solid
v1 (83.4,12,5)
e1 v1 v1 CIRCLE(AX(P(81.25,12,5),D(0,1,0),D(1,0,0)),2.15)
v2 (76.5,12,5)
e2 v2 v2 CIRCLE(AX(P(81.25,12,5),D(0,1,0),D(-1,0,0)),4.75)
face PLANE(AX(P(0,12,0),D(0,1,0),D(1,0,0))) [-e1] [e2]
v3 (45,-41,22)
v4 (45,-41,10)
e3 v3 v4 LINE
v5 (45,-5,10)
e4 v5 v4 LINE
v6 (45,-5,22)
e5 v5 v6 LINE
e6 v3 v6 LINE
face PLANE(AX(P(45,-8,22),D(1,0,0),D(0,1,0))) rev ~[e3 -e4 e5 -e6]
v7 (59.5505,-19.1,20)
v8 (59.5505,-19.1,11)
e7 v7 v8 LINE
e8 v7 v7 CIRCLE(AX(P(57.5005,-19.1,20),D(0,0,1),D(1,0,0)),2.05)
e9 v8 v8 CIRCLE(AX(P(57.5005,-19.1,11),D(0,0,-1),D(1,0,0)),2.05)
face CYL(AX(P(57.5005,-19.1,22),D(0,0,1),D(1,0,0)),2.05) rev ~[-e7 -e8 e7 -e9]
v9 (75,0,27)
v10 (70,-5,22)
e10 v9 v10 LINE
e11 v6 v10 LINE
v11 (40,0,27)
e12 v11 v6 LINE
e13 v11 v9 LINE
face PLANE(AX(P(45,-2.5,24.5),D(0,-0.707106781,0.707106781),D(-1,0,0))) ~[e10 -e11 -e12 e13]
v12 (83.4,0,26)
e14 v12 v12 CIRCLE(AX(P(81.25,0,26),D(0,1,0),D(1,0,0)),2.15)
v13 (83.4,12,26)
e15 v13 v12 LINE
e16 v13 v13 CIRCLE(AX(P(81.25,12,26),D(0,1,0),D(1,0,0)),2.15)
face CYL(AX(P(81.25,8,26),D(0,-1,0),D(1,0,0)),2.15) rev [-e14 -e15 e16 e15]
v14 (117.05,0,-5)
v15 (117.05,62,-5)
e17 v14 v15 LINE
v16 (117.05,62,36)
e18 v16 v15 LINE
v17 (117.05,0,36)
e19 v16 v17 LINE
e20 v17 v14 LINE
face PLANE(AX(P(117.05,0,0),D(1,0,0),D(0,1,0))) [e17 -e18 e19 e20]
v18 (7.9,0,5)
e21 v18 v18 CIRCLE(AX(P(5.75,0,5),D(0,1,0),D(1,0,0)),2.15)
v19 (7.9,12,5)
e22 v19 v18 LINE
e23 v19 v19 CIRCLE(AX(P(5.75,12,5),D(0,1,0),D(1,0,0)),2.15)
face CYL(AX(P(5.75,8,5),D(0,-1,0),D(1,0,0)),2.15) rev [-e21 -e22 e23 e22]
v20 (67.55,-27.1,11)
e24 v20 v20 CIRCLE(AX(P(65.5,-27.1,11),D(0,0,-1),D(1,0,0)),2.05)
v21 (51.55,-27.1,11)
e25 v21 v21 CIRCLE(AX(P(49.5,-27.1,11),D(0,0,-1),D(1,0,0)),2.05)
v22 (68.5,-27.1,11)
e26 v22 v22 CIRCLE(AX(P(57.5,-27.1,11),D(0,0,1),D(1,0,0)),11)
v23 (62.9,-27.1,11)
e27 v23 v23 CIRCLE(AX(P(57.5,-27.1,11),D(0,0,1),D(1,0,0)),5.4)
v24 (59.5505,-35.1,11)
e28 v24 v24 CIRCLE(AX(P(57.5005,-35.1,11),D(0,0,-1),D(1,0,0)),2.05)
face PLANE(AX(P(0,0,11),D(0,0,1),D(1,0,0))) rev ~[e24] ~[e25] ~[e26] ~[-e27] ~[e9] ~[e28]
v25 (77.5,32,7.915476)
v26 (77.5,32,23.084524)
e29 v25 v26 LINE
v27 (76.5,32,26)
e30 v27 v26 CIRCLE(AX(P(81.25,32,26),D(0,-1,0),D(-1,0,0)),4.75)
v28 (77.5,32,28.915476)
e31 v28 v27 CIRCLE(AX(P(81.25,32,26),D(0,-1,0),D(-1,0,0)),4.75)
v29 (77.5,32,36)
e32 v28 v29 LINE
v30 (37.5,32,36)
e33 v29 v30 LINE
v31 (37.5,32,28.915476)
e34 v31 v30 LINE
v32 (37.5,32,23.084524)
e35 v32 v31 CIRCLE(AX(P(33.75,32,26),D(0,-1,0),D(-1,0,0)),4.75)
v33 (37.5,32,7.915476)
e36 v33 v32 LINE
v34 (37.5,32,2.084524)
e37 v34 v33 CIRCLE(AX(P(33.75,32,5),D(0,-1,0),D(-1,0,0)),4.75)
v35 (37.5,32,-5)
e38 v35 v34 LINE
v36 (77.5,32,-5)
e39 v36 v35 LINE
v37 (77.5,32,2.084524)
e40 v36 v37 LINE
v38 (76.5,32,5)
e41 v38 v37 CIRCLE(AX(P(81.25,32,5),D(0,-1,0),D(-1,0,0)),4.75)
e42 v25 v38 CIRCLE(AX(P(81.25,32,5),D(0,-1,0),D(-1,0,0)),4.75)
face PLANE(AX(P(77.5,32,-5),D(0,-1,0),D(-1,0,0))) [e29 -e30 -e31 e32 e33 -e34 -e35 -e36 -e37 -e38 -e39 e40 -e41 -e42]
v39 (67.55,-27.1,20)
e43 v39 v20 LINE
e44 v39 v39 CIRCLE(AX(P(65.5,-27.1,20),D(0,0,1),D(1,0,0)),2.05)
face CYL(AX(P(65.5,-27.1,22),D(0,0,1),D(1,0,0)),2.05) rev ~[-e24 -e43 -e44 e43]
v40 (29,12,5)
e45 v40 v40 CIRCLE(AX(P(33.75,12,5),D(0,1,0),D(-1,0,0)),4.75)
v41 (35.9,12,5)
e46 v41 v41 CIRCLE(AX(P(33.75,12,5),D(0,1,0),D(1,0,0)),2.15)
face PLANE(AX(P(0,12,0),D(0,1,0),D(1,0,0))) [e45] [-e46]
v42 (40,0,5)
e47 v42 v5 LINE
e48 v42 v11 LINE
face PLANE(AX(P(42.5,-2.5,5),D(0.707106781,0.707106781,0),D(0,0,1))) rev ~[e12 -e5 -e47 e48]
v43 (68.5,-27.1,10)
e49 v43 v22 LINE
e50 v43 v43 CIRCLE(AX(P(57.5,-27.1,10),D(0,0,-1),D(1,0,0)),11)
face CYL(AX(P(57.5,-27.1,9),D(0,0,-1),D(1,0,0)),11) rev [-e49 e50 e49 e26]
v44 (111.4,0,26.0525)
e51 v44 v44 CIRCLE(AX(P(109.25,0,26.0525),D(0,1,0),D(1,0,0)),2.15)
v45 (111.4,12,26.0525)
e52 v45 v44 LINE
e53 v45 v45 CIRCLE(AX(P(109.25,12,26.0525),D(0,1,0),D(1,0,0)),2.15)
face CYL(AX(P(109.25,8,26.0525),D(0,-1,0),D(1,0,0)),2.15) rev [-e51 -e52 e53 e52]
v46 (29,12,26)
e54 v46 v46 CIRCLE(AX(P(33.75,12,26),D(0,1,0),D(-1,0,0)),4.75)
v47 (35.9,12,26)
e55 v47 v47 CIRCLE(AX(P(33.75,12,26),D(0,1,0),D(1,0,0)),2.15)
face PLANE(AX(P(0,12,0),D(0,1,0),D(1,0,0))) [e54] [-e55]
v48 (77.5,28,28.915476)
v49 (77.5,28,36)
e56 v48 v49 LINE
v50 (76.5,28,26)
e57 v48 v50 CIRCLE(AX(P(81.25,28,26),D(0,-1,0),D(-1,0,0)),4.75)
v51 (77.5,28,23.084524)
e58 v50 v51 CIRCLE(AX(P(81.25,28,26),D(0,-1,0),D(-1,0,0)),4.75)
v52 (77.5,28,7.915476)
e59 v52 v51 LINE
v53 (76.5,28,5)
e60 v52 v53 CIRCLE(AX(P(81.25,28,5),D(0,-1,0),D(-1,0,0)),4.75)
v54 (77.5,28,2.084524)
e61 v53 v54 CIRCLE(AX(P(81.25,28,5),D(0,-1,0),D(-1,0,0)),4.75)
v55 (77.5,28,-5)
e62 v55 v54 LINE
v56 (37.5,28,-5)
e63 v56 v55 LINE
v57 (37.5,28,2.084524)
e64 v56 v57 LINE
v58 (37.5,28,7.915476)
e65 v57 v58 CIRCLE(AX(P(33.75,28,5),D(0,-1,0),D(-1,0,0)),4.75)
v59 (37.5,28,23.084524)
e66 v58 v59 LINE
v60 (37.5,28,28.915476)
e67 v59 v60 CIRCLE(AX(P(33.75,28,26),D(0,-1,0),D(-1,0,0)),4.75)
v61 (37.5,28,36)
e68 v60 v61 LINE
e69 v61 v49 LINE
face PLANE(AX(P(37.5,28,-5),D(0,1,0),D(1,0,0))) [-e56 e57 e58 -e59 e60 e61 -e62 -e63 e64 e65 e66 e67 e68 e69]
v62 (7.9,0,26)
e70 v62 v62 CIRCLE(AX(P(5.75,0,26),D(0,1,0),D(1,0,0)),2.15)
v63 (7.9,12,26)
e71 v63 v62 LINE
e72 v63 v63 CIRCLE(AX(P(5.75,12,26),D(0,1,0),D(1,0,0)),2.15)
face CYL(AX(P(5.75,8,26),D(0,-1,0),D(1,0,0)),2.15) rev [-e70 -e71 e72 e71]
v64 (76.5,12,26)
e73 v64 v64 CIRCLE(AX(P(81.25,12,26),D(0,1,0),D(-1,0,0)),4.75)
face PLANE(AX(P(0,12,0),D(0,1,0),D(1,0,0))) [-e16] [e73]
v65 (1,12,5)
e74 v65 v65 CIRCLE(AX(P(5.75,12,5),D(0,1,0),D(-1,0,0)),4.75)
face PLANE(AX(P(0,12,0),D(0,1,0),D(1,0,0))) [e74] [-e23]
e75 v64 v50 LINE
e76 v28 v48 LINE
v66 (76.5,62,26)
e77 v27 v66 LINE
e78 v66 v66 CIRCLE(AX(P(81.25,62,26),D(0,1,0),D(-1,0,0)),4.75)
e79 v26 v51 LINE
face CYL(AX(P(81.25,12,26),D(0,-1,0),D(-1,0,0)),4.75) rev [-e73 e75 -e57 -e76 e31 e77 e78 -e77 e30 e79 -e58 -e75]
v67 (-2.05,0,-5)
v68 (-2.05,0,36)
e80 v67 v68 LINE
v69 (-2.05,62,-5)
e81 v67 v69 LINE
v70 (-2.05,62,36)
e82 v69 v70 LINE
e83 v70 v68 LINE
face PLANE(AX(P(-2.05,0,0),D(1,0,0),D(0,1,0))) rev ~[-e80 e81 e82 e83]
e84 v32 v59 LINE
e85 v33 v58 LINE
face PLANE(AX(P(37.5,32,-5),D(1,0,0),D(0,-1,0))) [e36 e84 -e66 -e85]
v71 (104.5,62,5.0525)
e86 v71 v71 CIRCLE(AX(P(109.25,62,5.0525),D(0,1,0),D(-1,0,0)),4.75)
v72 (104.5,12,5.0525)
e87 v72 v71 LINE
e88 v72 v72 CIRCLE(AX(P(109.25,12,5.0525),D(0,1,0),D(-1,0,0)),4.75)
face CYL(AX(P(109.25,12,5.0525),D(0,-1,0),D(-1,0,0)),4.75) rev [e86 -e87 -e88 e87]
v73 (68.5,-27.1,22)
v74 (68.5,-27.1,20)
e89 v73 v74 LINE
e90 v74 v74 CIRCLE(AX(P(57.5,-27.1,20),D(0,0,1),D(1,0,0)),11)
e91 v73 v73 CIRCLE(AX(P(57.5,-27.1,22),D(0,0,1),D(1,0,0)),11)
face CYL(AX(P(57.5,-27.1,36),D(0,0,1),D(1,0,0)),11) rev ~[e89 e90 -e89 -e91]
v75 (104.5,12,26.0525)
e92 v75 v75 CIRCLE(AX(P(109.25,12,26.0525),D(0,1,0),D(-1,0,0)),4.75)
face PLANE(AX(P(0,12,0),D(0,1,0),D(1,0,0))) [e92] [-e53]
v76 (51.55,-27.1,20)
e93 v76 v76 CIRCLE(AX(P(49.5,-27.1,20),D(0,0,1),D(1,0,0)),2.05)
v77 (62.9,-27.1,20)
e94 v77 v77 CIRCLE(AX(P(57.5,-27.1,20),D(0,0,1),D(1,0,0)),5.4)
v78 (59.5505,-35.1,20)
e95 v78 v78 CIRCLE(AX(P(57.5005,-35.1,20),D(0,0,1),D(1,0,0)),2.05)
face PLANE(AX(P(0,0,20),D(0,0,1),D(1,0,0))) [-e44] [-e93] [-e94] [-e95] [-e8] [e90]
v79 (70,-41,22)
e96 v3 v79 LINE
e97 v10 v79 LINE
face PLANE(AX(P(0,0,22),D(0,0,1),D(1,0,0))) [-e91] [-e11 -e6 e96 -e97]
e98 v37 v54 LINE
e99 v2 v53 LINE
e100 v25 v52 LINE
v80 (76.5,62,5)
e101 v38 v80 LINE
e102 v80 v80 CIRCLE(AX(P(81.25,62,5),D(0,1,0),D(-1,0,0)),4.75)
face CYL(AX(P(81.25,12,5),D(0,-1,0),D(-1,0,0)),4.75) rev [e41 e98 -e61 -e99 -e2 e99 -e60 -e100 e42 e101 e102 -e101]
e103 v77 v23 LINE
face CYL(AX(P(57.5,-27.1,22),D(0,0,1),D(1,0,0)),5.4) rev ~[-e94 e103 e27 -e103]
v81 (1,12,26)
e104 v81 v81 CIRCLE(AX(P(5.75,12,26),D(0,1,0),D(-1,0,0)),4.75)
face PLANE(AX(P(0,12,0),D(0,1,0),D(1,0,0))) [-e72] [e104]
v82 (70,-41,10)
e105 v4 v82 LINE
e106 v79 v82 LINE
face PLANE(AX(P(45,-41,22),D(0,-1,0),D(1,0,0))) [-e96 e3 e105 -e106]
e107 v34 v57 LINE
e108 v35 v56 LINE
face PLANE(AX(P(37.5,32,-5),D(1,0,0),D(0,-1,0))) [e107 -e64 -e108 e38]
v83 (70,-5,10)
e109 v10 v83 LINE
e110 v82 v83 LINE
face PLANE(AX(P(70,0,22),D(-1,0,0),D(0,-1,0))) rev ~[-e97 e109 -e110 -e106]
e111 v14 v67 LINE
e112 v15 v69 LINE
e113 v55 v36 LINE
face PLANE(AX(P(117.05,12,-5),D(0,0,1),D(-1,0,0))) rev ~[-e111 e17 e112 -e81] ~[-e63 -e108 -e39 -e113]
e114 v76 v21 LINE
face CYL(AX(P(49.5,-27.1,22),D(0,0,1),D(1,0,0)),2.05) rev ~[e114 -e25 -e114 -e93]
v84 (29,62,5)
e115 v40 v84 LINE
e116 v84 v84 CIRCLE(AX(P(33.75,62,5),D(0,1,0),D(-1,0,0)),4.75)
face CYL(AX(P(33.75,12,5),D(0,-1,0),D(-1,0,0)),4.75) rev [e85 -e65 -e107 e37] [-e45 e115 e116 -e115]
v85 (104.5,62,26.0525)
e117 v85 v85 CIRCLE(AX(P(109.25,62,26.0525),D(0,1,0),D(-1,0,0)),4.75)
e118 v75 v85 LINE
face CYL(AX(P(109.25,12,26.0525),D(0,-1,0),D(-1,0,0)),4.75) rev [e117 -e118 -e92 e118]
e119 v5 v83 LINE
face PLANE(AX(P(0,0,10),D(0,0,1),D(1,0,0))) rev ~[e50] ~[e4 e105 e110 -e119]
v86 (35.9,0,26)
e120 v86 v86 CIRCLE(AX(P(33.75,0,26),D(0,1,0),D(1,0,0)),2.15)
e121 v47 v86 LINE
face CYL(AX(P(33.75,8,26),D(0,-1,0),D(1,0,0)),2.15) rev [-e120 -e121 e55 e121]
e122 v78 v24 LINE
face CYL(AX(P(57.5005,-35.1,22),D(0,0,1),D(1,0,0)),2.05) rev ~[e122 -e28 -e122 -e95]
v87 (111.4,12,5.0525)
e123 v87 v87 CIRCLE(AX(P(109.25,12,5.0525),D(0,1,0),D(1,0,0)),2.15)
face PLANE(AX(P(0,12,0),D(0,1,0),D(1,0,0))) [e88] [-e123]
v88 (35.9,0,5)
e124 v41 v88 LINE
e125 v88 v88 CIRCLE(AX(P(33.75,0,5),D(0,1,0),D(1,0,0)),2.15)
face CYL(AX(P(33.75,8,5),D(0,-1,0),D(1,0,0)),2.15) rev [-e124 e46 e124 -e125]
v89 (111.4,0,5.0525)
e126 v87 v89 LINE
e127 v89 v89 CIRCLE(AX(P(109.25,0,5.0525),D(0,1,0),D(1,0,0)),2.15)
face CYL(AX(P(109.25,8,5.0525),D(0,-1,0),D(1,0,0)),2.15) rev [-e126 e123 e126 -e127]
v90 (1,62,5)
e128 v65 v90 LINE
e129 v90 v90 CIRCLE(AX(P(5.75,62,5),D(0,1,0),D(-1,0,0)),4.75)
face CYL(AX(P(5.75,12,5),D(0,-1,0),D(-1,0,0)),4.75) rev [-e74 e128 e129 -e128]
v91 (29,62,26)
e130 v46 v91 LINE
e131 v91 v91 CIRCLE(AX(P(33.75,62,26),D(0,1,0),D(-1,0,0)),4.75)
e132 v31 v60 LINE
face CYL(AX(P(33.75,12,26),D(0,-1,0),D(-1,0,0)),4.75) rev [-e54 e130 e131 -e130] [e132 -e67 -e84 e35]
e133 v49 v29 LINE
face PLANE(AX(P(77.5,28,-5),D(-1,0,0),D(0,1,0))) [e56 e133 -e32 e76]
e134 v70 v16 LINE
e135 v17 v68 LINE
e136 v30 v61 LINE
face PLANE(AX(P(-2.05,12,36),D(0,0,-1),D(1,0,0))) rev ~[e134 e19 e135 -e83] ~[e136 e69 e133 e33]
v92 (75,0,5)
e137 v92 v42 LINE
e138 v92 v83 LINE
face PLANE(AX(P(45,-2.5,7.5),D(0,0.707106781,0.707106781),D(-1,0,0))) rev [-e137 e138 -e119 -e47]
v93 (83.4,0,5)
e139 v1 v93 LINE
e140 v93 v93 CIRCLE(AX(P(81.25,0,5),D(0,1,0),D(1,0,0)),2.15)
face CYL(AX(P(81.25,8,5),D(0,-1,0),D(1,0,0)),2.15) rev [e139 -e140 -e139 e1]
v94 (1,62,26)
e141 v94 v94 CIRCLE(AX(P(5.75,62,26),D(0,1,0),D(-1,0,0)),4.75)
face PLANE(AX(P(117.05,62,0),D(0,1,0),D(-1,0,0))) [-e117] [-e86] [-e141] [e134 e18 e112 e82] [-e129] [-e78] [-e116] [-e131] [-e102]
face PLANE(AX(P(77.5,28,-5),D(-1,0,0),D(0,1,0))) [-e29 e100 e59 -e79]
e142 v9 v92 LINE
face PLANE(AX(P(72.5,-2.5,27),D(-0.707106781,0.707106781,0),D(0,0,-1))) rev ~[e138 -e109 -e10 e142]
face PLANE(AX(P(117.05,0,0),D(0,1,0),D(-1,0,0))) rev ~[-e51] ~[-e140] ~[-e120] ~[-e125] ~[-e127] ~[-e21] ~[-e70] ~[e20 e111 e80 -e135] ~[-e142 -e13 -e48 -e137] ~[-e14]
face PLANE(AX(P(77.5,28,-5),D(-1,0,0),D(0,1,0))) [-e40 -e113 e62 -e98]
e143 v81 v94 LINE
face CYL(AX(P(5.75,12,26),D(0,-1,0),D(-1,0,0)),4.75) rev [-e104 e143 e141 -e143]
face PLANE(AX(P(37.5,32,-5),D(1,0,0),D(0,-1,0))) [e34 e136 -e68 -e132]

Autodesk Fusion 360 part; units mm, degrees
sketch "Sketch1" plane through (0, 0, 0) normal (0, 1, 0) x (1, 0, 0)
  line L0 (0, 0) -> (115, 0)
  line L1 (115, -36) -> (0, -36)
  circle A0 centre (5.75, -26) radius 2.15
  circle A1 centre (5.75, -5) radius 2.15
  circle A2 centre (33.75, -5) radius 2.15
  circle A3 centre (33.75, -26) radius 2.15
  circle A4 centre (81.25, -5) radius 2.15
  circle A5 centre (81.25, -26) radius 2.15
  circle A6 centre (109.25, -5.0525) radius 2.15
  circle A7 centre (109.25, -26.0525) radius 2.15
  line L2 (73.45, -36) -> (73.45, 0) construction
  line L3 (41.55, -36) -> (41.55, 0) construction
  line L4 (5.75, -26) -> (39, -26) construction
  line L5 (0, 0) -> (-2.05, 0)
  line L6 (-2.05, 0) -> (-2.05, -36)
  line L7 (-2.05, -36) -> (0, -36)
  line L8 (115, 0) -> (117.05, 0)
  line L9 (117.05, 0) -> (117.05, -36)
  line L10 (117.05, -36) -> (115, -36)
  dimension "d1" = 115
  dimension "d2" = 36
  dimension "d3" = 4.3
  dimension "d4" = 4.3
  dimension "d7" = 21
  dimension "d8" = 5
  dimension "d13" = 4.3
  dimension "d14" = 4.3
  dimension "d15" = 21
  dimension "d16" = 4.3
  dimension "d17" = 4.3
  dimension "d18" = 21
  dimension "d19" = 4.3
  dimension "d20" = 4.3
  dimension "d21" = 21
  dimension "d40" = 28
  dimension "d41" = 28
  dimension "d44" = 28
  dimension "d45" = 28
  dimension "d46" = 5
  dimension "d47" = 7.8
  dimension "d48" = 7.8
  dimension "d50" = 7.8
  dimension "d51" = 7.8
extrude "Extrude1" add sketch "Sketch1" along normal blind 8
sketch "Sketch2" plane through (0, 0, 36) normal (0, 0, 1) x (1, 0, 0)
  line L0 (-2.05, 0) -> (117.05, 0)
  line L1 (117.05, 8) -> (-2.05, 8)
  line L2 (45, 8) -> (70, 8)
  line L3 (70, 8) -> (70, -8)
  line L4 (70, -8) -> (45, -8)
  line L5 (45, -8) -> (45, 8)
  line L6 (45, 8) -> (70, -8) construction
  line L7 (70, 8) -> (45, -8) construction
  circle A0 centre (57.5, -27.1) radius 11
  circle A1 centre (57.5, -27.1) radius 5.4
  circle A2 centre (57.5, -27.1) radius 8
  line L8 (65.5, -27.1) -> (49.5, -27.1) construction
  line L9 (57.5005, -35.1) -> (57.5005, -19.1) construction
  circle A3 centre (65.5, -27.1) radius 2.05
  circle A4 centre (57.5005, -35.1) radius 2.05
  circle A5 centre (49.5, -27.1) radius 2.05
  circle A6 centre (57.5005, -19.1) radius 2.05
  line L10 (70, -8) -> (45, -8)
  line L11 (45, -8) -> (45, -41)
  line L12 (45, -41) -> (70, -41)
  line L13 (70, -41) -> (70, -8)
  line L14 (115, 0) -> (0, 0)
  line L15 (117.05, 0) -> (117.05, 8)
  line L16 (-2.05, 8) -> (-2.05, 0)
  point P0 (57.5, 0)
  dimension "d26" = 25
  dimension "d27" = 16
  dimension "d28" = 22
  dimension "d29" = 10.8
  dimension "d30" = 16
  dimension "d31" = 4.1
  dimension "d32" = 4.1
  dimension "d33" = 4.1
  dimension "d34" = 4.1
  dimension "d35" = 33
  dimension "d39" = 27.1
extrude "Extrude2" add sketch "Sketch2" against normal blind 12 from surface at -14 contours L0 L3 L4 L5 L10 L14 | L4 L10 L11 L12 L13 | A0 | A2 A3 A4 A5 A6
chamfer "Chamfer2" distance 5 angle 45 2 edges at (57.5, 0, 22) (57.5, 0, 10)
extrude "Extrude3" cut sketch "Sketch2" against normal blind 16 contours A0 | A2 A3 A4 A5 A6
extrude "Extrude4" cut sketch "Sketch2" along normal blind 2 from surface at -27 contours A0 | A2 A3 A4 A5 A6
extrude "Extrude5" add 1 faces at (64.771, 8, 18.689) along direction (0, 1, 0) blind 4
sketch "Sketch3" plane through (0, 12, 0) normal (0, 1, 0) x (-1, 0, 0)
  circle A0 centre (-109.25, 5.0525) radius 2.15
  circle A1 centre (-33.75, 26) radius 2.15
  circle A2 centre (-81.25, 26) radius 2.15
  circle A3 centre (-5.75, 5) radius 2.15
  circle A4 centre (-109.25, 26.0525) radius 2.15
  circle A5 centre (-5.75, 26) radius 2.15
  circle A6 centre (-81.25, 5) radius 2.15
  circle A7 centre (-33.75, 5) radius 2.15
  line L0 (-117.05, 0) -> (2.05, 0)
  line L1 (2.05, 0) -> (2.05, 36)
  line L2 (2.05, 36) -> (-117.05, 36)
  line L3 (-117.05, 36) -> (-117.05, 0)
  circle A8 centre (-81.25, 5) radius 4.75
  circle A9 centre (-81.25, 26) radius 4.75
  circle A10 centre (-109.25, 26.0525) radius 4.75
  circle A11 centre (-109.25, 5.0525) radius 4.75
  circle A12 centre (-33.75, 26) radius 4.75
  circle A13 centre (-5.75, 26) radius 4.75
  circle A14 centre (-33.75, 5) radius 4.75
  circle A15 centre (-5.75, 5) radius 4.75
  dimension "d60" = 9.5
  dimension "d61" = 9.5
  dimension "d62" = 9.5
  dimension "d63" = 9.5
  dimension "d64" = 9.5
  dimension "d65" = 9.5
  dimension "d66" = 9.5
  dimension "d67" = 9.5
extrude "Extrude6" add sketch "Sketch3" along normal blind 50 contours L0 L1 L2 L3
extrude "Extrude7" add 1 faces at (37.65, 41.3333, 0) along direction (0, 0, -1) blind 5
chamfer "Chamfer3" distance 5 angle 45 2 edges at (45, 0, 16) (70, 0, 16)
sketch "Sketch4" plane through (0, 0, -5) normal (0, 0, -1) x (-1, 0, 0)
  line L0 (-117.05, 0) -> (2.05, 0)
  line L1 (2.05, 0) -> (2.05, 62)
  line L2 (2.05, 62) -> (-117.05, 62)
  line L3 (-117.05, 62) -> (-117.05, 0)
  line L4 (-77.5, 32) -> (-37.5, 32)
  line L5 (-37.5, 32) -> (-37.5, 28)
  line L6 (-37.5, 28) -> (-77.5, 28)
  line L7 (-77.5, 28) -> (-77.5, 32)
  line L8 (-57.5, 62) -> (-57.5, 32) construction
  line L9 (-57.5, 28) -> (-57.5, 0) construction
  dimension "d73" = 40
  dimension "d74" = 4
  dimension "d75" = 30
  dimension "d78" = 20
extrude "Extrude8" cut sketch "Sketch4" against normal blind 50 contours L4 L5 L6 L7
